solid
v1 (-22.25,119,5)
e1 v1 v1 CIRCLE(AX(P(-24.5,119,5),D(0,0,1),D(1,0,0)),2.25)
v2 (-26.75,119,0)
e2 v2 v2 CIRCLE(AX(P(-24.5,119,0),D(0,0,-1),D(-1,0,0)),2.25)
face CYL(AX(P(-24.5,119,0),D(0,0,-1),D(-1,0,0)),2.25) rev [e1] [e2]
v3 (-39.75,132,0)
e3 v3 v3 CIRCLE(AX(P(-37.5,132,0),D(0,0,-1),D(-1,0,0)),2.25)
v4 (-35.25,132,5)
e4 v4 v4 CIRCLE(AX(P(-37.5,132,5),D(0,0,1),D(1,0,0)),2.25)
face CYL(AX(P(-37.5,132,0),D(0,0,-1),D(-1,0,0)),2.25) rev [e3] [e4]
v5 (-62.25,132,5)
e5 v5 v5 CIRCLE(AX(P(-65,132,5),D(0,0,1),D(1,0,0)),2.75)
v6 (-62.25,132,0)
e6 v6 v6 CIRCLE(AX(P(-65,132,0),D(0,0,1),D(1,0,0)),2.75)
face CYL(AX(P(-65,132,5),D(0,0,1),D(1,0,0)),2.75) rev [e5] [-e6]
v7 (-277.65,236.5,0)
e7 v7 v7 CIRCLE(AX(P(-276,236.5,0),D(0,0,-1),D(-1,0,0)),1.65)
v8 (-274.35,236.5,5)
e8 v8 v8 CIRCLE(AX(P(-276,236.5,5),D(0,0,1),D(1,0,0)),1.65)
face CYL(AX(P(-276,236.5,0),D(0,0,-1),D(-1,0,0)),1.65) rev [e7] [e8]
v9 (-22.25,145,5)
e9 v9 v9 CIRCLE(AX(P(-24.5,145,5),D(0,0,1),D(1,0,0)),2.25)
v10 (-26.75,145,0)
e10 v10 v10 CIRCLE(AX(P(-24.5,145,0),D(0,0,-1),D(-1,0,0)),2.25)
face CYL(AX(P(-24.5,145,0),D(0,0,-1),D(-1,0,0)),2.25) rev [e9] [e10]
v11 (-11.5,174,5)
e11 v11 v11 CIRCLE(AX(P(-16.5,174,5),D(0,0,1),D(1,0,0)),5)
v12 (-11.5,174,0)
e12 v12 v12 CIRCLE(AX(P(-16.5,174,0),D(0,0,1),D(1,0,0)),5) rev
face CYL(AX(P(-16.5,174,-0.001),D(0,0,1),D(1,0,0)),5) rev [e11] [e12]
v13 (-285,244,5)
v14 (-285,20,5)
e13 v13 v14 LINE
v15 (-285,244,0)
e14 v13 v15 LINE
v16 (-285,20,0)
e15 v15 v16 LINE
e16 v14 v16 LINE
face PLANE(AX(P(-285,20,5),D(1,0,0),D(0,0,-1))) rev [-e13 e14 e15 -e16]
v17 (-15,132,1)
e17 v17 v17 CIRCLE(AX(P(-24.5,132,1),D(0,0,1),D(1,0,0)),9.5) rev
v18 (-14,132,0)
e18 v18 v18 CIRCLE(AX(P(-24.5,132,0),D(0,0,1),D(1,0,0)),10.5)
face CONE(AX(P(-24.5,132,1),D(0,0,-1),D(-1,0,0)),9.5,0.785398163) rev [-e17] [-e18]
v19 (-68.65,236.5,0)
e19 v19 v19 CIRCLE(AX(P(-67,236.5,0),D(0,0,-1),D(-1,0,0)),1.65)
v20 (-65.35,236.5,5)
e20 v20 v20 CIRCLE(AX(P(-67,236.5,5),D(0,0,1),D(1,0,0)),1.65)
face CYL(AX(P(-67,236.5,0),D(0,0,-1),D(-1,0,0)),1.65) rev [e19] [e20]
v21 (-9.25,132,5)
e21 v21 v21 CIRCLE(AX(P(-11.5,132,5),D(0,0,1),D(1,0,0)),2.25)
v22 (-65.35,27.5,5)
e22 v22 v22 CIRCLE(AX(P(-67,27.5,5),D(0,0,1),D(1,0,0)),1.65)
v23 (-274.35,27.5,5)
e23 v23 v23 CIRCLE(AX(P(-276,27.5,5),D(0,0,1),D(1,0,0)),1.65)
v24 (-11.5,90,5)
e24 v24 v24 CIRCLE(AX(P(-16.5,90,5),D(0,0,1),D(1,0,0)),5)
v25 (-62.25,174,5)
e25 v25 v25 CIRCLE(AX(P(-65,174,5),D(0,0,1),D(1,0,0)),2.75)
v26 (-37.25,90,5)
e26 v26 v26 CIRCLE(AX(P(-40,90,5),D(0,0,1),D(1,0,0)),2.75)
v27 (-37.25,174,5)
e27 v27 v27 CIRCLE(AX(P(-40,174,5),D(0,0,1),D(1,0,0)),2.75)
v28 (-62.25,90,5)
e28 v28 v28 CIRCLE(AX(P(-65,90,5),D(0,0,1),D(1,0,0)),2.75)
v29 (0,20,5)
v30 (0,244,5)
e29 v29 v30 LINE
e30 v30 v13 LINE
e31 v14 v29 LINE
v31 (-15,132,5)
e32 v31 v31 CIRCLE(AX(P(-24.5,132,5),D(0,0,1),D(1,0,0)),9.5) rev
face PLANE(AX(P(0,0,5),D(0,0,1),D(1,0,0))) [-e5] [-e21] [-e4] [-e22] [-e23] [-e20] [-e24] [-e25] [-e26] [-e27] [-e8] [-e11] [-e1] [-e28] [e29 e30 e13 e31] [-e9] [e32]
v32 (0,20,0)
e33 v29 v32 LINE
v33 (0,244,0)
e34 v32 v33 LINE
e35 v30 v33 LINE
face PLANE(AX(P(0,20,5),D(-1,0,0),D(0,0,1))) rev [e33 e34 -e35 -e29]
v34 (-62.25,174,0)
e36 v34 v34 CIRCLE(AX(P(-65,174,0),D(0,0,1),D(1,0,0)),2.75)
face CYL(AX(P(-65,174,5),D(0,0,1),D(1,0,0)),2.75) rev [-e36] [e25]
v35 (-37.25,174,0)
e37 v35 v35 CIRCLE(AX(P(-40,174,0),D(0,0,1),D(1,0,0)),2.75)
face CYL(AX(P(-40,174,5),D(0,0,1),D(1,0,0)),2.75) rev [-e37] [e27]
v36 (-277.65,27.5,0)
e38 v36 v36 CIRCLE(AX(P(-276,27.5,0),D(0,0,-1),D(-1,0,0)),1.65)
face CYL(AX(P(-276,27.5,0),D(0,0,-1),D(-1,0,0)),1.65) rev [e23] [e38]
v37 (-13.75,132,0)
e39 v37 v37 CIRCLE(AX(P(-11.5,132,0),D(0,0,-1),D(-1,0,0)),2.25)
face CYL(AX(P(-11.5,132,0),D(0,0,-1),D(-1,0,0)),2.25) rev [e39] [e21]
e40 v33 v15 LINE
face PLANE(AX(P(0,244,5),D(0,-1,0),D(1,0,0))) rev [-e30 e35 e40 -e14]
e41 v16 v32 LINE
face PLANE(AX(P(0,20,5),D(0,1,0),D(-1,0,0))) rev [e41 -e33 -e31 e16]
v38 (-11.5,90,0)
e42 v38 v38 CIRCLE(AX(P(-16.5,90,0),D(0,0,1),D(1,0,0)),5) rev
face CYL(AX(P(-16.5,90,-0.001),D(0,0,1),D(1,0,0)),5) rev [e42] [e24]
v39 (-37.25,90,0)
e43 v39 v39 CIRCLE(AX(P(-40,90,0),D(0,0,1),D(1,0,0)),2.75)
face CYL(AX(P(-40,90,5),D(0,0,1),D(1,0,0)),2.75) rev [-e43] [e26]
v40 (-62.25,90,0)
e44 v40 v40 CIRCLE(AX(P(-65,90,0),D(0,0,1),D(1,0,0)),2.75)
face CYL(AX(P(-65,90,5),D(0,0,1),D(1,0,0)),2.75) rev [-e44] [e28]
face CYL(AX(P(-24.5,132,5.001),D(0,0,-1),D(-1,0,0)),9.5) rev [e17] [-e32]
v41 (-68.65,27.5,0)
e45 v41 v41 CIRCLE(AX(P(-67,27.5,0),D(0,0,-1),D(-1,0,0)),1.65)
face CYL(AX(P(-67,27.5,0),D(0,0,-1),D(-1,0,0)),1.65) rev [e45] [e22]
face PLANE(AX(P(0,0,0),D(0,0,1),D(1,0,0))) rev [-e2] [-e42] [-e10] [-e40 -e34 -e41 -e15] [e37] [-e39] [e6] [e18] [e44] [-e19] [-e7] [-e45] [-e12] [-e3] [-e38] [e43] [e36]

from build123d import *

# Parameters (mm, degrees)
SCHIZZO1_W                   = 285
SCHIZZO1_H                   = 224
ESTRUSIONE_ESTRUSIONE1_DEPTH = 5
TAGLIO_ESTRUSIONE1_REACH     = 377.215
SCHIZZO2_R                   = 9.5
SMUSSO1_SIZE                 = 1
FORO_PER_VITE_M4_1_D         = 4.5
FORO_PER_VITE_M4_1_DEPTH     = 8
FORO_PER_VITE_M4_1_TIP       = 1.351936393
TAGLIO_ESTRUSIONE2_REACH     = 377.215
SCHIZZO6_R                   = 5
FORO_PER_VITE_M5_2_D         = 5.5
FORO_PER_VITE_M5_2_DEPTH     = 5
FORO_FILETTATO_M4_1_D        = 3.3


with BuildPart() as part:
    # Schizzo1 → Estrusione-Estrusione1 (new body)
    with BuildSketch(Plane.XY):
        with Locations((-142.5, 132)):
            Rectangle(SCHIZZO1_W, SCHIZZO1_H)
    extrude(amount=ESTRUSIONE_ESTRUSIONE1_DEPTH)

    # Schizzo2 → Taglio-Estrusione1 (cut, up to next)
    with BuildSketch(Plane(origin=(0, 0, 0), x_dir=(-1, 0, 0), z_dir=(0, 0, -1)), mode=Mode.PRIVATE) as taglio_estrusione1_sk1:
        with Locations((24.5, 132)):
            Circle(SCHIZZO2_R)
    taglio_estrusione1_tool1 = extrude(taglio_estrusione1_sk1.sketch, amount=-TAGLIO_ESTRUSIONE1_REACH, mode=Mode.PRIVATE) & part.part
    add(taglio_estrusione1_tool1.solids().sort_by_distance((-24.5, 132, 0))[0], mode=Mode.SUBTRACT)

    # Smusso1
    smusso1_edges = [part.edges().sort_by_distance(p)[0] for p in [
        (-15, 132, 0),
    ]]
    chamfer(smusso1_edges, length=SMUSSO1_SIZE)

    # Foro per Vite M4-1
    with Locations(Plane(origin=(0, 0, 0), x_dir=(-1, 0, 0), z_dir=(0, 0, -1))):
        with Locations((24.5, 119), (37.5, 132), (24.5, 145), (11.5, 132)):
            Hole(FORO_PER_VITE_M4_1_D / 2, depth=FORO_PER_VITE_M4_1_DEPTH)
            with Locations((0, 0, -(FORO_PER_VITE_M4_1_DEPTH + FORO_PER_VITE_M4_1_TIP / 2))):  # 118° drill point
                Cone(0, FORO_PER_VITE_M4_1_D / 2, FORO_PER_VITE_M4_1_TIP, mode=Mode.SUBTRACT)

    # Schizzo6 → Taglio-Estrusione2 (cut, up to next)
    with BuildSketch(Plane.XY.offset(5), mode=Mode.PRIVATE) as taglio_estrusione2_sk1:
        with Locations((-16.5, 90)):
            Circle(SCHIZZO6_R)
    taglio_estrusione2_tool1 = extrude(taglio_estrusione2_sk1.sketch, amount=-TAGLIO_ESTRUSIONE2_REACH, mode=Mode.PRIVATE) & part.part
    # Schizzo6 → Taglio-Estrusione2 (cut, up to next)
    with BuildSketch(Plane.XY.offset(5), mode=Mode.PRIVATE) as taglio_estrusione2_sk2:
        with Locations((-16.5, 174)):
            Circle(SCHIZZO6_R)
    taglio_estrusione2_tool2 = extrude(taglio_estrusione2_sk2.sketch, amount=-TAGLIO_ESTRUSIONE2_REACH, mode=Mode.PRIVATE) & part.part
    add(taglio_estrusione2_tool1.solids().sort_by_distance((-16.5, 90, 5))[0], mode=Mode.SUBTRACT)
    add(taglio_estrusione2_tool2.solids().sort_by_distance((-16.5, 174, 5))[0], mode=Mode.SUBTRACT)

    # Foro per Vite M5-2
    with Locations(Plane.XY.offset(5)):
        with Locations((-27.952976608, 298.668851704), (-40, 90), (-65, 132), (-40, 174), (-65, 174), (-65, 90)):
            Hole(FORO_PER_VITE_M5_2_D / 2, depth=FORO_PER_VITE_M5_2_DEPTH)

    # Foro filettato M4-1 (through all)
    with Locations(Plane(origin=(0, 0, 0), x_dir=(-1, 0, 0), z_dir=(0, 0, -1))):
        with Locations((276, 27.5), (67, 27.5), (276, 236.5), (67, 236.5)):
            Hole(FORO_FILETTATO_M4_1_D / 2)


solid = part.part
